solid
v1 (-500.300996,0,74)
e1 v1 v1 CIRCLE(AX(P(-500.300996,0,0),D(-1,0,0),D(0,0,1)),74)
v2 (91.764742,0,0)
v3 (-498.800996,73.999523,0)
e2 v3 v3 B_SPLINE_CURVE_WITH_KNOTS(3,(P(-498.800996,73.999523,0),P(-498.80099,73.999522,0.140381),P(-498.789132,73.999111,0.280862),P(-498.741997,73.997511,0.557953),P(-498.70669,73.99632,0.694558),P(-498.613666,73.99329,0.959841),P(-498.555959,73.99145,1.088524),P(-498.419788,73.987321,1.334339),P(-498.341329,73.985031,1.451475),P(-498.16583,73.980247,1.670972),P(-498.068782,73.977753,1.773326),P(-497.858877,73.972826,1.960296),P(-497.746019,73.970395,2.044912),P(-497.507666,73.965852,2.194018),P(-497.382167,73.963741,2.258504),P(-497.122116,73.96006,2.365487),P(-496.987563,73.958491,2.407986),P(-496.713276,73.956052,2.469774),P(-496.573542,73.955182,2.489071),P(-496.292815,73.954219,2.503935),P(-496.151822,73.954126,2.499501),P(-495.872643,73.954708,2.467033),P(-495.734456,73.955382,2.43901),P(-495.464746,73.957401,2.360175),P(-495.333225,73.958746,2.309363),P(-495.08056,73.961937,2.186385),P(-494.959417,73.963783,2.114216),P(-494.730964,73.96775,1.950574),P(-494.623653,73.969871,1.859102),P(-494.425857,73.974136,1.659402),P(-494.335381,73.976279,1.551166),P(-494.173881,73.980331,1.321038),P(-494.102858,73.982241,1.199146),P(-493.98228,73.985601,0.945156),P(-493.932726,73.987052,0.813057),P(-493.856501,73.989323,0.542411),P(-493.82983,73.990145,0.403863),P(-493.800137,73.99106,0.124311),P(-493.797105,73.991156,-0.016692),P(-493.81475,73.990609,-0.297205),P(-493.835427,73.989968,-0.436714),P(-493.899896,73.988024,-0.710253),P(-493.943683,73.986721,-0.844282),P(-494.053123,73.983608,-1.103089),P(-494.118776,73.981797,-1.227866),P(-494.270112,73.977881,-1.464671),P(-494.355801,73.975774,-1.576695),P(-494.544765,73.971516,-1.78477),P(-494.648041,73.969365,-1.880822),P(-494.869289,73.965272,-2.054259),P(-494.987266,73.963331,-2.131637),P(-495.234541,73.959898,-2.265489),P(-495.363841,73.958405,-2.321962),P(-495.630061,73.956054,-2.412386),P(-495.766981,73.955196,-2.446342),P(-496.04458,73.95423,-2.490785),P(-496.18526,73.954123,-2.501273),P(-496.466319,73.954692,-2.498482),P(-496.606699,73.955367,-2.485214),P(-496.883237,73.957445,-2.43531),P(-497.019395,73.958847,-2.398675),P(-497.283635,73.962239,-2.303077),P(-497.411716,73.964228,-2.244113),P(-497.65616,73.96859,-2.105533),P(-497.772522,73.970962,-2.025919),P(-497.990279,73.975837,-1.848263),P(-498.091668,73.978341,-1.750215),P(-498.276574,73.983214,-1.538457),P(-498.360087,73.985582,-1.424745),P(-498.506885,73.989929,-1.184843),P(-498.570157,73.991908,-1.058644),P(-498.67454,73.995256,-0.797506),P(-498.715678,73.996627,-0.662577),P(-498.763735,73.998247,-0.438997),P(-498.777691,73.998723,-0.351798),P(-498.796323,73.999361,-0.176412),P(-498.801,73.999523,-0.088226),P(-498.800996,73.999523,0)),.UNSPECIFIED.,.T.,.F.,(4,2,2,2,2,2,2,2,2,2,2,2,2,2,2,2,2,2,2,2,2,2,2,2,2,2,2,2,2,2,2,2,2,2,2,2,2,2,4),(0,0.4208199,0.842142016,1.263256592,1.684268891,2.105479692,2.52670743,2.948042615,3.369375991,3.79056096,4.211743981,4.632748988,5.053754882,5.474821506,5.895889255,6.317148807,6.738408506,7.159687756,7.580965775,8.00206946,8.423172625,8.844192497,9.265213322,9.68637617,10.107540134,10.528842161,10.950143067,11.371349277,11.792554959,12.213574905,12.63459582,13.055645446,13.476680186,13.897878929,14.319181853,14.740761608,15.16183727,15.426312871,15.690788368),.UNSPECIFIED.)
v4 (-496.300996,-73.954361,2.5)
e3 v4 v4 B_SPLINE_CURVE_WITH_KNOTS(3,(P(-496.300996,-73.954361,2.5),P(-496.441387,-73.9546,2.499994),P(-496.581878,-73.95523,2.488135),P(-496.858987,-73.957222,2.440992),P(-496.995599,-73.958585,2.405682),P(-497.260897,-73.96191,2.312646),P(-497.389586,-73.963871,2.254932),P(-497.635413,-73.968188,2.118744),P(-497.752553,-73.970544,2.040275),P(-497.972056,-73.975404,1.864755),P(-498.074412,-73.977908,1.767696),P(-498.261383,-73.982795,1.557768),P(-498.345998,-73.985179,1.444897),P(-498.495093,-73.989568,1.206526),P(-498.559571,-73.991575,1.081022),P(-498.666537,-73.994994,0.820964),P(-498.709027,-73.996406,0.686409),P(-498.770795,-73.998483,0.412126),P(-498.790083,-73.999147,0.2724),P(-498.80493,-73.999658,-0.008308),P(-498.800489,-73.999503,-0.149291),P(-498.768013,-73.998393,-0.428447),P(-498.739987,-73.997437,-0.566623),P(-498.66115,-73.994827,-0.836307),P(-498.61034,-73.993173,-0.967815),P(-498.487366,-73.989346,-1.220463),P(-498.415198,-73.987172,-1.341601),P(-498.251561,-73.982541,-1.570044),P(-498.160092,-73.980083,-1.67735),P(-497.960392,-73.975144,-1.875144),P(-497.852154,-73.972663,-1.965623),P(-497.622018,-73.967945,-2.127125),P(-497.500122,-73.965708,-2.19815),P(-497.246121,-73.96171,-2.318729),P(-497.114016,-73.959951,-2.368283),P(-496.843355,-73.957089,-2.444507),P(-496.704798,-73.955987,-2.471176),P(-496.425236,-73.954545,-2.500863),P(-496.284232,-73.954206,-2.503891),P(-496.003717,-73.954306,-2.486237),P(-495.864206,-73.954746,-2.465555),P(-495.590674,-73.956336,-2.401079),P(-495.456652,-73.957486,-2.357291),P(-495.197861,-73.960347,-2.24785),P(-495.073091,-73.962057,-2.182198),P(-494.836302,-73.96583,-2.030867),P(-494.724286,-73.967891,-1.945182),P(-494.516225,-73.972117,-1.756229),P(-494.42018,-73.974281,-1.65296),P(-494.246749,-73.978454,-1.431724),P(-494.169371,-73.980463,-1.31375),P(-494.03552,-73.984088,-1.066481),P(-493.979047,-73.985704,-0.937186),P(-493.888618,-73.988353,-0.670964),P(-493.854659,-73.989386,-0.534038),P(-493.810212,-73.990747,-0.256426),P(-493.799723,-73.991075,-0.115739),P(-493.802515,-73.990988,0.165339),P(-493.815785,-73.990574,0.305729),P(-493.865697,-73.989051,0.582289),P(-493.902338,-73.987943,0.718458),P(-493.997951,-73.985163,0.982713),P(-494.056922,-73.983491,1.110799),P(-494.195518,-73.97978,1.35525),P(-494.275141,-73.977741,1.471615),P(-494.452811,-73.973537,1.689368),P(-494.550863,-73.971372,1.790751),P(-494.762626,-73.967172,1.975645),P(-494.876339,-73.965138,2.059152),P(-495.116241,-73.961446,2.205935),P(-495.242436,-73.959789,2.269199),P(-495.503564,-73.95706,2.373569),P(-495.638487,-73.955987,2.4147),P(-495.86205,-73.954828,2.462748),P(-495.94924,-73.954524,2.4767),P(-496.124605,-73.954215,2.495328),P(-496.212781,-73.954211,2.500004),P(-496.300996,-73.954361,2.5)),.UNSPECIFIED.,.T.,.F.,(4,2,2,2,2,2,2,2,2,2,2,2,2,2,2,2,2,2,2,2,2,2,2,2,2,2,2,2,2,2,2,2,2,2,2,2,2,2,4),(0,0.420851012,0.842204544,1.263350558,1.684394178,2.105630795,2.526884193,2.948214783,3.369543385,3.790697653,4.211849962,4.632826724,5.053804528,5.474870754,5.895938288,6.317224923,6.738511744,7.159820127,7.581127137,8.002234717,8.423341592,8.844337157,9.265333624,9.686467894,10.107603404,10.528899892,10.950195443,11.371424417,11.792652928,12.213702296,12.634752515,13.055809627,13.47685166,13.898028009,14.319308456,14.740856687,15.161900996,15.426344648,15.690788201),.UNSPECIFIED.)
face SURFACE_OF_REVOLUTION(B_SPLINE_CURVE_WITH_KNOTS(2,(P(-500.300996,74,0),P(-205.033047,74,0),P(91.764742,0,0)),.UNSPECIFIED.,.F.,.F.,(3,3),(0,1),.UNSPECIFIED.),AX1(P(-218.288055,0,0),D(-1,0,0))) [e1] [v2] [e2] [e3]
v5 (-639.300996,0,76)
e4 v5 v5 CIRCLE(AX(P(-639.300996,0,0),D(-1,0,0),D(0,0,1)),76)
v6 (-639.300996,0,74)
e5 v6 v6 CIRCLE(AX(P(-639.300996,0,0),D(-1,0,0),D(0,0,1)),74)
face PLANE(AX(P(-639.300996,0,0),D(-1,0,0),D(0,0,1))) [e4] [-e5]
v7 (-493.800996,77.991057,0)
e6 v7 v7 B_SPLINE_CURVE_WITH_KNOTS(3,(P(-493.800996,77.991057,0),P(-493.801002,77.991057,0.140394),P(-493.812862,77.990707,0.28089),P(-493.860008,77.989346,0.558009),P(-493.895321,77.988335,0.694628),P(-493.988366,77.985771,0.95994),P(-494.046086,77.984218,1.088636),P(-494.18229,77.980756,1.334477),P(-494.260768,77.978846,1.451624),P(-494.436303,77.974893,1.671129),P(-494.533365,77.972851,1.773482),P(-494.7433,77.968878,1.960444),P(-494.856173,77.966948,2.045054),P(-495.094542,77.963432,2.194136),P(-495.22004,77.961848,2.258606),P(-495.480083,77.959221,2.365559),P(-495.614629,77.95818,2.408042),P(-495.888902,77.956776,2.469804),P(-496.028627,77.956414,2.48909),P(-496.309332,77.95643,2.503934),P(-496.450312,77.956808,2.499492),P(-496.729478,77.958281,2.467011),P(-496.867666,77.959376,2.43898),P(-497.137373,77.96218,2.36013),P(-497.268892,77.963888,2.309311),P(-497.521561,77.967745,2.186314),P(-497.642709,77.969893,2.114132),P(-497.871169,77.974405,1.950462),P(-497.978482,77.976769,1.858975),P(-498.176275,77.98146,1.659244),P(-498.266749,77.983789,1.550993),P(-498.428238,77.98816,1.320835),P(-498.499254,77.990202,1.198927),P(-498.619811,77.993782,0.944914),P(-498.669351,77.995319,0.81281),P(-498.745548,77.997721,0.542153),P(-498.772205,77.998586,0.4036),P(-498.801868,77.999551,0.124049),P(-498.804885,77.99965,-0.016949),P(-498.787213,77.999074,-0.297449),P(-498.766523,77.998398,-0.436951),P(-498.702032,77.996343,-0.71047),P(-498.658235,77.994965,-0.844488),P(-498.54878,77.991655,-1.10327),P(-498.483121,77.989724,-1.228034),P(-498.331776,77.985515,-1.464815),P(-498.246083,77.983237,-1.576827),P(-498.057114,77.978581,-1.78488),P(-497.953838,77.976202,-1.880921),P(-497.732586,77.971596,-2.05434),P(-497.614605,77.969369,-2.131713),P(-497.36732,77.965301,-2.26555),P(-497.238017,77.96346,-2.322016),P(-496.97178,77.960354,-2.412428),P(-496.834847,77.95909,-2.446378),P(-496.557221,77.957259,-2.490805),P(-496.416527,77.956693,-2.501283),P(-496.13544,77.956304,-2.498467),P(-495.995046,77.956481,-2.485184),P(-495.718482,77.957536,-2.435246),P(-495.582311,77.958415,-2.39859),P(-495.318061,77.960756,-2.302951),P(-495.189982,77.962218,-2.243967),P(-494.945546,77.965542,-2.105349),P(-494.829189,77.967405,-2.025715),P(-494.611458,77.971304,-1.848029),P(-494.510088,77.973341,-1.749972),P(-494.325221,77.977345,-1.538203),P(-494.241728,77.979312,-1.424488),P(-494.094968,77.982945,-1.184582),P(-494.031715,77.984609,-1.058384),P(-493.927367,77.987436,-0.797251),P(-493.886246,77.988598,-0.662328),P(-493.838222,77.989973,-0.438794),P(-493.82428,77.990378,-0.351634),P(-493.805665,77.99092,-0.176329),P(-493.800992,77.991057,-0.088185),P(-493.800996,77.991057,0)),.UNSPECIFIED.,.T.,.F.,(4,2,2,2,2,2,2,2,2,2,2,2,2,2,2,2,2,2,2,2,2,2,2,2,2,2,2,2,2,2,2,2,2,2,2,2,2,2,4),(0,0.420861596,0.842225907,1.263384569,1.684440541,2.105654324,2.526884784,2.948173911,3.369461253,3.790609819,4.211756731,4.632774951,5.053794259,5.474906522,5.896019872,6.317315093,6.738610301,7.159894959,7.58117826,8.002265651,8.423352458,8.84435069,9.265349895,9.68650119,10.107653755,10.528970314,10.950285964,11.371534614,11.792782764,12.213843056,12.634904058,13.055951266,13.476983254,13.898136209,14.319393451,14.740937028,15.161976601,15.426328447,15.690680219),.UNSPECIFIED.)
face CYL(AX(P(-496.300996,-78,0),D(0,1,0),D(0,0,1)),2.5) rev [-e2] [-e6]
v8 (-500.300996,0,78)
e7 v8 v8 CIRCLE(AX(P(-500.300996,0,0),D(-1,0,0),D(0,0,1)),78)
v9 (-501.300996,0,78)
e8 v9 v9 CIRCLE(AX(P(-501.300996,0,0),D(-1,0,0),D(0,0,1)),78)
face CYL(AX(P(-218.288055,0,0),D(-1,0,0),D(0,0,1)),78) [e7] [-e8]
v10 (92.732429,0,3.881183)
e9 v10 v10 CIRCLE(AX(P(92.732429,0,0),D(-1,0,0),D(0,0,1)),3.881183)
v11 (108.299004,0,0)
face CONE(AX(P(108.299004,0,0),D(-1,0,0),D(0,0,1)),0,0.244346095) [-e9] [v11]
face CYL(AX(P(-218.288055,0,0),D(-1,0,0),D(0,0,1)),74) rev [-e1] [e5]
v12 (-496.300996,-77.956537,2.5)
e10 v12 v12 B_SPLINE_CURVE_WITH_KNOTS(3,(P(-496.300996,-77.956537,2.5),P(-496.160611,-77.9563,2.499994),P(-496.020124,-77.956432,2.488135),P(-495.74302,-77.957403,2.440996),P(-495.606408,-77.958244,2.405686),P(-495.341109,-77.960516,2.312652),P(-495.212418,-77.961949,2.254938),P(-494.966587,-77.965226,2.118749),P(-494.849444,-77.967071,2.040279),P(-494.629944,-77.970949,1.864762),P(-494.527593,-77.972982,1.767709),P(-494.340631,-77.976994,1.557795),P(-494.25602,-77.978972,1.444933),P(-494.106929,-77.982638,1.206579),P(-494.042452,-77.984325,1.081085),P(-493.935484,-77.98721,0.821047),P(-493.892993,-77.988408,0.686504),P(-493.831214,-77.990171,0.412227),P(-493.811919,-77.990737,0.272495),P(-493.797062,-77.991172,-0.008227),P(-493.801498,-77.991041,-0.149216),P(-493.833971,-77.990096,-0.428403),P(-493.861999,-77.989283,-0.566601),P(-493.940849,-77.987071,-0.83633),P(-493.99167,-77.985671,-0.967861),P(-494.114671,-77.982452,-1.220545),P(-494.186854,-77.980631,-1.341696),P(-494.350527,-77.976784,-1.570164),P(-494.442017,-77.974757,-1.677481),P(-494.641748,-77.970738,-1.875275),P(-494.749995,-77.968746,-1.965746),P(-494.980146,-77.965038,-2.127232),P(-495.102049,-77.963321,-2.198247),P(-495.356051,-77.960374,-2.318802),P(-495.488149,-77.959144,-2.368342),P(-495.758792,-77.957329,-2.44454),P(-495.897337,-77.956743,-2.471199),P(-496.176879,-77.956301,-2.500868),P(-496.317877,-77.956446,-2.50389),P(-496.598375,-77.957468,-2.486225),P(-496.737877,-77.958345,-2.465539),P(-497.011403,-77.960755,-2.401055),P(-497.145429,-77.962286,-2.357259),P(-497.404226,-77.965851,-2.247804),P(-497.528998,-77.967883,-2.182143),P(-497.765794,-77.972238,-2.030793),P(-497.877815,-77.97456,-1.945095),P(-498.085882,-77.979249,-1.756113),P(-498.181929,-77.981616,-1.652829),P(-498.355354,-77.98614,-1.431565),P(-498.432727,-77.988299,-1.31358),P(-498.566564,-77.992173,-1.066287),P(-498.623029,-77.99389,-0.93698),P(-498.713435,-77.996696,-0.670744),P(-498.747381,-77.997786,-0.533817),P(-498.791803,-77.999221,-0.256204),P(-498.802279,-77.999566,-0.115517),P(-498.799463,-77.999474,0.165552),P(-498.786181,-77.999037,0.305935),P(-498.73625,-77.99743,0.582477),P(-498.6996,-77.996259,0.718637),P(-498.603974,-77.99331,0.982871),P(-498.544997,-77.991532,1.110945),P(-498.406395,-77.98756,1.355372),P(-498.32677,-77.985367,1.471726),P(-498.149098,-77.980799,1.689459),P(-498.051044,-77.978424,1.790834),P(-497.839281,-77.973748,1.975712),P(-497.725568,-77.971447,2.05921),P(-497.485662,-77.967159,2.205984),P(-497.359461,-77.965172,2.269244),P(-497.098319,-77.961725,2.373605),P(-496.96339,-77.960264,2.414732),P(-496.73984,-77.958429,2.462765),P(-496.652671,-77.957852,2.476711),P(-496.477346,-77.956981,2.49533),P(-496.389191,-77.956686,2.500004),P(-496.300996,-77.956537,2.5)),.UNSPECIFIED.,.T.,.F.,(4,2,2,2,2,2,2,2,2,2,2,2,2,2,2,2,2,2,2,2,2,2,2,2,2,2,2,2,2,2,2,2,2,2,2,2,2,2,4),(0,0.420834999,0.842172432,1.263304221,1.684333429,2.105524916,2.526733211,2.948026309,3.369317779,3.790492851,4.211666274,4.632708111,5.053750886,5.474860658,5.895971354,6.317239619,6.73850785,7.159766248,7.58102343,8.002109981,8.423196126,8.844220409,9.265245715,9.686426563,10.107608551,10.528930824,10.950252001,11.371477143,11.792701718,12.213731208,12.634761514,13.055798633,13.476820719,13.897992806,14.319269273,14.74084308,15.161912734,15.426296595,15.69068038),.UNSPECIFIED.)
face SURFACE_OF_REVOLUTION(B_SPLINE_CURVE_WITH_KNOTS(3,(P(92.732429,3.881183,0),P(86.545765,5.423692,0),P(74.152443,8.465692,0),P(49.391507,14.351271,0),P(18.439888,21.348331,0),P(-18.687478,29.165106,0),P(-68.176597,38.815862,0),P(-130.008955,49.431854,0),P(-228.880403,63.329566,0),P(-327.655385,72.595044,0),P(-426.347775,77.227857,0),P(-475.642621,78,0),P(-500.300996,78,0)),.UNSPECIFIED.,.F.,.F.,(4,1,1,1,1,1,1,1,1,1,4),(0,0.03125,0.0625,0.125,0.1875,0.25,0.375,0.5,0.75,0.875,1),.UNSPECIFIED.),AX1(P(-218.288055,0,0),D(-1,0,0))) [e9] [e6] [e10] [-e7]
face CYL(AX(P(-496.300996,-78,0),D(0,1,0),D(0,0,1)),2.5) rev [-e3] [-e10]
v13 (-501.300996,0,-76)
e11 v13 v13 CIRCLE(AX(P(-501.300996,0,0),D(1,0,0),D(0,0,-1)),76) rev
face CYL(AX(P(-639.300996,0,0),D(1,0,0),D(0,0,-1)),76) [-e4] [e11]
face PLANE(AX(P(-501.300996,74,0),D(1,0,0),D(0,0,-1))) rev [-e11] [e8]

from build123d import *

# Parameters (mm, degrees)
ESQUISSE2_R                  = 76
ESQUISSE2_R_2                = 74
BOSS_EXTRU_1_DEPTH           = 138
ENL_V_MAT_EXTRU_1_DEPTH      = 649.747842898
ENL_V_MAT_EXTRU_1_DEPTH_BACK = 649.747842898
ESQUISSE3_R                  = 2.5


with BuildPart() as part:
    # Esquisse1 → Révolution3 (revolve)
    with BuildSketch(Plane.XY, mode=Mode.PRIVATE) as r_volution3_sk:
        with BuildLine():
            Line((-501.300996115, 74), (-500.300996115, 74))
            add(Edge.make_bspline(
                [(-500.300996115, 74), (-205.033047174, 74), (91.764741907, 0)],
                knots=[0, 0, 0, 1, 1, 1], degree=2))
            Line((91.764741907, 0), (108.299003885, 0))
            Line((108.299003885, 0), (92.73242949, 3.881182905))
            add(Edge.make_bspline(
                [(-500.300996115, 78), (-475.642620813, 78), (-426.347775001, 77.227857011), (-327.655384553, 72.595044211), (-228.880403388, 63.329565703), (-130.008955254, 49.431853826), (-68.17659714, 38.81586159), (-18.687478169, 29.165105527), (18.439887897, 21.348330719), (49.391507437, 14.351271458), (74.152443409, 8.465691784), (86.545764546, 5.42369172), (92.73242949, 3.881182905)],
                knots=[0, 0, 0, 0, 0.125, 0.25, 0.5, 0.625, 0.75, 0.8125, 0.875, 0.9375, 0.96875, 1, 1, 1, 1], degree=3))
            Line((-500.300996115, 78), (-501.300996115, 78))
            Line((-501.300996115, 78), (-501.300996115, 74))
        make_face()
    revolve(r_volution3_sk.sketch.rotate(Axis((-218.288054544, 0, 0), (1, 0, 0)), 90), axis=Axis((-218.288054544, 0, 0), (1, 0, 0)))

    # Esquisse2 → Boss.-Extru.1 (add)
    with BuildSketch(Plane.ZY.offset(501.300996115)):
        with Locations(Location((0, 0, 0), (0, 0, 180))):
            Circle(ESQUISSE2_R)
        Circle(ESQUISSE2_R_2, mode=Mode.SUBTRACT)
    extrude(amount=BOSS_EXTRU_1_DEPTH)

    # Esquisse3 → Enlèv. mat.-Extru.1 (cut, two sides: drawn at the far end of the back side and taken through both)
    with BuildSketch(Plane(origin=(0, 0, 0), x_dir=(1, 0, 0), z_dir=(0, 1, 0)).offset(-ENL_V_MAT_EXTRU_1_DEPTH_BACK)):
        with Locations(Location((-496.300996115, 0, 0), (0, 0, 270))):
            Circle(ESQUISSE3_R)
    extrude(amount=ENL_V_MAT_EXTRU_1_DEPTH + ENL_V_MAT_EXTRU_1_DEPTH_BACK, mode=Mode.SUBTRACT)


solid = part.part
